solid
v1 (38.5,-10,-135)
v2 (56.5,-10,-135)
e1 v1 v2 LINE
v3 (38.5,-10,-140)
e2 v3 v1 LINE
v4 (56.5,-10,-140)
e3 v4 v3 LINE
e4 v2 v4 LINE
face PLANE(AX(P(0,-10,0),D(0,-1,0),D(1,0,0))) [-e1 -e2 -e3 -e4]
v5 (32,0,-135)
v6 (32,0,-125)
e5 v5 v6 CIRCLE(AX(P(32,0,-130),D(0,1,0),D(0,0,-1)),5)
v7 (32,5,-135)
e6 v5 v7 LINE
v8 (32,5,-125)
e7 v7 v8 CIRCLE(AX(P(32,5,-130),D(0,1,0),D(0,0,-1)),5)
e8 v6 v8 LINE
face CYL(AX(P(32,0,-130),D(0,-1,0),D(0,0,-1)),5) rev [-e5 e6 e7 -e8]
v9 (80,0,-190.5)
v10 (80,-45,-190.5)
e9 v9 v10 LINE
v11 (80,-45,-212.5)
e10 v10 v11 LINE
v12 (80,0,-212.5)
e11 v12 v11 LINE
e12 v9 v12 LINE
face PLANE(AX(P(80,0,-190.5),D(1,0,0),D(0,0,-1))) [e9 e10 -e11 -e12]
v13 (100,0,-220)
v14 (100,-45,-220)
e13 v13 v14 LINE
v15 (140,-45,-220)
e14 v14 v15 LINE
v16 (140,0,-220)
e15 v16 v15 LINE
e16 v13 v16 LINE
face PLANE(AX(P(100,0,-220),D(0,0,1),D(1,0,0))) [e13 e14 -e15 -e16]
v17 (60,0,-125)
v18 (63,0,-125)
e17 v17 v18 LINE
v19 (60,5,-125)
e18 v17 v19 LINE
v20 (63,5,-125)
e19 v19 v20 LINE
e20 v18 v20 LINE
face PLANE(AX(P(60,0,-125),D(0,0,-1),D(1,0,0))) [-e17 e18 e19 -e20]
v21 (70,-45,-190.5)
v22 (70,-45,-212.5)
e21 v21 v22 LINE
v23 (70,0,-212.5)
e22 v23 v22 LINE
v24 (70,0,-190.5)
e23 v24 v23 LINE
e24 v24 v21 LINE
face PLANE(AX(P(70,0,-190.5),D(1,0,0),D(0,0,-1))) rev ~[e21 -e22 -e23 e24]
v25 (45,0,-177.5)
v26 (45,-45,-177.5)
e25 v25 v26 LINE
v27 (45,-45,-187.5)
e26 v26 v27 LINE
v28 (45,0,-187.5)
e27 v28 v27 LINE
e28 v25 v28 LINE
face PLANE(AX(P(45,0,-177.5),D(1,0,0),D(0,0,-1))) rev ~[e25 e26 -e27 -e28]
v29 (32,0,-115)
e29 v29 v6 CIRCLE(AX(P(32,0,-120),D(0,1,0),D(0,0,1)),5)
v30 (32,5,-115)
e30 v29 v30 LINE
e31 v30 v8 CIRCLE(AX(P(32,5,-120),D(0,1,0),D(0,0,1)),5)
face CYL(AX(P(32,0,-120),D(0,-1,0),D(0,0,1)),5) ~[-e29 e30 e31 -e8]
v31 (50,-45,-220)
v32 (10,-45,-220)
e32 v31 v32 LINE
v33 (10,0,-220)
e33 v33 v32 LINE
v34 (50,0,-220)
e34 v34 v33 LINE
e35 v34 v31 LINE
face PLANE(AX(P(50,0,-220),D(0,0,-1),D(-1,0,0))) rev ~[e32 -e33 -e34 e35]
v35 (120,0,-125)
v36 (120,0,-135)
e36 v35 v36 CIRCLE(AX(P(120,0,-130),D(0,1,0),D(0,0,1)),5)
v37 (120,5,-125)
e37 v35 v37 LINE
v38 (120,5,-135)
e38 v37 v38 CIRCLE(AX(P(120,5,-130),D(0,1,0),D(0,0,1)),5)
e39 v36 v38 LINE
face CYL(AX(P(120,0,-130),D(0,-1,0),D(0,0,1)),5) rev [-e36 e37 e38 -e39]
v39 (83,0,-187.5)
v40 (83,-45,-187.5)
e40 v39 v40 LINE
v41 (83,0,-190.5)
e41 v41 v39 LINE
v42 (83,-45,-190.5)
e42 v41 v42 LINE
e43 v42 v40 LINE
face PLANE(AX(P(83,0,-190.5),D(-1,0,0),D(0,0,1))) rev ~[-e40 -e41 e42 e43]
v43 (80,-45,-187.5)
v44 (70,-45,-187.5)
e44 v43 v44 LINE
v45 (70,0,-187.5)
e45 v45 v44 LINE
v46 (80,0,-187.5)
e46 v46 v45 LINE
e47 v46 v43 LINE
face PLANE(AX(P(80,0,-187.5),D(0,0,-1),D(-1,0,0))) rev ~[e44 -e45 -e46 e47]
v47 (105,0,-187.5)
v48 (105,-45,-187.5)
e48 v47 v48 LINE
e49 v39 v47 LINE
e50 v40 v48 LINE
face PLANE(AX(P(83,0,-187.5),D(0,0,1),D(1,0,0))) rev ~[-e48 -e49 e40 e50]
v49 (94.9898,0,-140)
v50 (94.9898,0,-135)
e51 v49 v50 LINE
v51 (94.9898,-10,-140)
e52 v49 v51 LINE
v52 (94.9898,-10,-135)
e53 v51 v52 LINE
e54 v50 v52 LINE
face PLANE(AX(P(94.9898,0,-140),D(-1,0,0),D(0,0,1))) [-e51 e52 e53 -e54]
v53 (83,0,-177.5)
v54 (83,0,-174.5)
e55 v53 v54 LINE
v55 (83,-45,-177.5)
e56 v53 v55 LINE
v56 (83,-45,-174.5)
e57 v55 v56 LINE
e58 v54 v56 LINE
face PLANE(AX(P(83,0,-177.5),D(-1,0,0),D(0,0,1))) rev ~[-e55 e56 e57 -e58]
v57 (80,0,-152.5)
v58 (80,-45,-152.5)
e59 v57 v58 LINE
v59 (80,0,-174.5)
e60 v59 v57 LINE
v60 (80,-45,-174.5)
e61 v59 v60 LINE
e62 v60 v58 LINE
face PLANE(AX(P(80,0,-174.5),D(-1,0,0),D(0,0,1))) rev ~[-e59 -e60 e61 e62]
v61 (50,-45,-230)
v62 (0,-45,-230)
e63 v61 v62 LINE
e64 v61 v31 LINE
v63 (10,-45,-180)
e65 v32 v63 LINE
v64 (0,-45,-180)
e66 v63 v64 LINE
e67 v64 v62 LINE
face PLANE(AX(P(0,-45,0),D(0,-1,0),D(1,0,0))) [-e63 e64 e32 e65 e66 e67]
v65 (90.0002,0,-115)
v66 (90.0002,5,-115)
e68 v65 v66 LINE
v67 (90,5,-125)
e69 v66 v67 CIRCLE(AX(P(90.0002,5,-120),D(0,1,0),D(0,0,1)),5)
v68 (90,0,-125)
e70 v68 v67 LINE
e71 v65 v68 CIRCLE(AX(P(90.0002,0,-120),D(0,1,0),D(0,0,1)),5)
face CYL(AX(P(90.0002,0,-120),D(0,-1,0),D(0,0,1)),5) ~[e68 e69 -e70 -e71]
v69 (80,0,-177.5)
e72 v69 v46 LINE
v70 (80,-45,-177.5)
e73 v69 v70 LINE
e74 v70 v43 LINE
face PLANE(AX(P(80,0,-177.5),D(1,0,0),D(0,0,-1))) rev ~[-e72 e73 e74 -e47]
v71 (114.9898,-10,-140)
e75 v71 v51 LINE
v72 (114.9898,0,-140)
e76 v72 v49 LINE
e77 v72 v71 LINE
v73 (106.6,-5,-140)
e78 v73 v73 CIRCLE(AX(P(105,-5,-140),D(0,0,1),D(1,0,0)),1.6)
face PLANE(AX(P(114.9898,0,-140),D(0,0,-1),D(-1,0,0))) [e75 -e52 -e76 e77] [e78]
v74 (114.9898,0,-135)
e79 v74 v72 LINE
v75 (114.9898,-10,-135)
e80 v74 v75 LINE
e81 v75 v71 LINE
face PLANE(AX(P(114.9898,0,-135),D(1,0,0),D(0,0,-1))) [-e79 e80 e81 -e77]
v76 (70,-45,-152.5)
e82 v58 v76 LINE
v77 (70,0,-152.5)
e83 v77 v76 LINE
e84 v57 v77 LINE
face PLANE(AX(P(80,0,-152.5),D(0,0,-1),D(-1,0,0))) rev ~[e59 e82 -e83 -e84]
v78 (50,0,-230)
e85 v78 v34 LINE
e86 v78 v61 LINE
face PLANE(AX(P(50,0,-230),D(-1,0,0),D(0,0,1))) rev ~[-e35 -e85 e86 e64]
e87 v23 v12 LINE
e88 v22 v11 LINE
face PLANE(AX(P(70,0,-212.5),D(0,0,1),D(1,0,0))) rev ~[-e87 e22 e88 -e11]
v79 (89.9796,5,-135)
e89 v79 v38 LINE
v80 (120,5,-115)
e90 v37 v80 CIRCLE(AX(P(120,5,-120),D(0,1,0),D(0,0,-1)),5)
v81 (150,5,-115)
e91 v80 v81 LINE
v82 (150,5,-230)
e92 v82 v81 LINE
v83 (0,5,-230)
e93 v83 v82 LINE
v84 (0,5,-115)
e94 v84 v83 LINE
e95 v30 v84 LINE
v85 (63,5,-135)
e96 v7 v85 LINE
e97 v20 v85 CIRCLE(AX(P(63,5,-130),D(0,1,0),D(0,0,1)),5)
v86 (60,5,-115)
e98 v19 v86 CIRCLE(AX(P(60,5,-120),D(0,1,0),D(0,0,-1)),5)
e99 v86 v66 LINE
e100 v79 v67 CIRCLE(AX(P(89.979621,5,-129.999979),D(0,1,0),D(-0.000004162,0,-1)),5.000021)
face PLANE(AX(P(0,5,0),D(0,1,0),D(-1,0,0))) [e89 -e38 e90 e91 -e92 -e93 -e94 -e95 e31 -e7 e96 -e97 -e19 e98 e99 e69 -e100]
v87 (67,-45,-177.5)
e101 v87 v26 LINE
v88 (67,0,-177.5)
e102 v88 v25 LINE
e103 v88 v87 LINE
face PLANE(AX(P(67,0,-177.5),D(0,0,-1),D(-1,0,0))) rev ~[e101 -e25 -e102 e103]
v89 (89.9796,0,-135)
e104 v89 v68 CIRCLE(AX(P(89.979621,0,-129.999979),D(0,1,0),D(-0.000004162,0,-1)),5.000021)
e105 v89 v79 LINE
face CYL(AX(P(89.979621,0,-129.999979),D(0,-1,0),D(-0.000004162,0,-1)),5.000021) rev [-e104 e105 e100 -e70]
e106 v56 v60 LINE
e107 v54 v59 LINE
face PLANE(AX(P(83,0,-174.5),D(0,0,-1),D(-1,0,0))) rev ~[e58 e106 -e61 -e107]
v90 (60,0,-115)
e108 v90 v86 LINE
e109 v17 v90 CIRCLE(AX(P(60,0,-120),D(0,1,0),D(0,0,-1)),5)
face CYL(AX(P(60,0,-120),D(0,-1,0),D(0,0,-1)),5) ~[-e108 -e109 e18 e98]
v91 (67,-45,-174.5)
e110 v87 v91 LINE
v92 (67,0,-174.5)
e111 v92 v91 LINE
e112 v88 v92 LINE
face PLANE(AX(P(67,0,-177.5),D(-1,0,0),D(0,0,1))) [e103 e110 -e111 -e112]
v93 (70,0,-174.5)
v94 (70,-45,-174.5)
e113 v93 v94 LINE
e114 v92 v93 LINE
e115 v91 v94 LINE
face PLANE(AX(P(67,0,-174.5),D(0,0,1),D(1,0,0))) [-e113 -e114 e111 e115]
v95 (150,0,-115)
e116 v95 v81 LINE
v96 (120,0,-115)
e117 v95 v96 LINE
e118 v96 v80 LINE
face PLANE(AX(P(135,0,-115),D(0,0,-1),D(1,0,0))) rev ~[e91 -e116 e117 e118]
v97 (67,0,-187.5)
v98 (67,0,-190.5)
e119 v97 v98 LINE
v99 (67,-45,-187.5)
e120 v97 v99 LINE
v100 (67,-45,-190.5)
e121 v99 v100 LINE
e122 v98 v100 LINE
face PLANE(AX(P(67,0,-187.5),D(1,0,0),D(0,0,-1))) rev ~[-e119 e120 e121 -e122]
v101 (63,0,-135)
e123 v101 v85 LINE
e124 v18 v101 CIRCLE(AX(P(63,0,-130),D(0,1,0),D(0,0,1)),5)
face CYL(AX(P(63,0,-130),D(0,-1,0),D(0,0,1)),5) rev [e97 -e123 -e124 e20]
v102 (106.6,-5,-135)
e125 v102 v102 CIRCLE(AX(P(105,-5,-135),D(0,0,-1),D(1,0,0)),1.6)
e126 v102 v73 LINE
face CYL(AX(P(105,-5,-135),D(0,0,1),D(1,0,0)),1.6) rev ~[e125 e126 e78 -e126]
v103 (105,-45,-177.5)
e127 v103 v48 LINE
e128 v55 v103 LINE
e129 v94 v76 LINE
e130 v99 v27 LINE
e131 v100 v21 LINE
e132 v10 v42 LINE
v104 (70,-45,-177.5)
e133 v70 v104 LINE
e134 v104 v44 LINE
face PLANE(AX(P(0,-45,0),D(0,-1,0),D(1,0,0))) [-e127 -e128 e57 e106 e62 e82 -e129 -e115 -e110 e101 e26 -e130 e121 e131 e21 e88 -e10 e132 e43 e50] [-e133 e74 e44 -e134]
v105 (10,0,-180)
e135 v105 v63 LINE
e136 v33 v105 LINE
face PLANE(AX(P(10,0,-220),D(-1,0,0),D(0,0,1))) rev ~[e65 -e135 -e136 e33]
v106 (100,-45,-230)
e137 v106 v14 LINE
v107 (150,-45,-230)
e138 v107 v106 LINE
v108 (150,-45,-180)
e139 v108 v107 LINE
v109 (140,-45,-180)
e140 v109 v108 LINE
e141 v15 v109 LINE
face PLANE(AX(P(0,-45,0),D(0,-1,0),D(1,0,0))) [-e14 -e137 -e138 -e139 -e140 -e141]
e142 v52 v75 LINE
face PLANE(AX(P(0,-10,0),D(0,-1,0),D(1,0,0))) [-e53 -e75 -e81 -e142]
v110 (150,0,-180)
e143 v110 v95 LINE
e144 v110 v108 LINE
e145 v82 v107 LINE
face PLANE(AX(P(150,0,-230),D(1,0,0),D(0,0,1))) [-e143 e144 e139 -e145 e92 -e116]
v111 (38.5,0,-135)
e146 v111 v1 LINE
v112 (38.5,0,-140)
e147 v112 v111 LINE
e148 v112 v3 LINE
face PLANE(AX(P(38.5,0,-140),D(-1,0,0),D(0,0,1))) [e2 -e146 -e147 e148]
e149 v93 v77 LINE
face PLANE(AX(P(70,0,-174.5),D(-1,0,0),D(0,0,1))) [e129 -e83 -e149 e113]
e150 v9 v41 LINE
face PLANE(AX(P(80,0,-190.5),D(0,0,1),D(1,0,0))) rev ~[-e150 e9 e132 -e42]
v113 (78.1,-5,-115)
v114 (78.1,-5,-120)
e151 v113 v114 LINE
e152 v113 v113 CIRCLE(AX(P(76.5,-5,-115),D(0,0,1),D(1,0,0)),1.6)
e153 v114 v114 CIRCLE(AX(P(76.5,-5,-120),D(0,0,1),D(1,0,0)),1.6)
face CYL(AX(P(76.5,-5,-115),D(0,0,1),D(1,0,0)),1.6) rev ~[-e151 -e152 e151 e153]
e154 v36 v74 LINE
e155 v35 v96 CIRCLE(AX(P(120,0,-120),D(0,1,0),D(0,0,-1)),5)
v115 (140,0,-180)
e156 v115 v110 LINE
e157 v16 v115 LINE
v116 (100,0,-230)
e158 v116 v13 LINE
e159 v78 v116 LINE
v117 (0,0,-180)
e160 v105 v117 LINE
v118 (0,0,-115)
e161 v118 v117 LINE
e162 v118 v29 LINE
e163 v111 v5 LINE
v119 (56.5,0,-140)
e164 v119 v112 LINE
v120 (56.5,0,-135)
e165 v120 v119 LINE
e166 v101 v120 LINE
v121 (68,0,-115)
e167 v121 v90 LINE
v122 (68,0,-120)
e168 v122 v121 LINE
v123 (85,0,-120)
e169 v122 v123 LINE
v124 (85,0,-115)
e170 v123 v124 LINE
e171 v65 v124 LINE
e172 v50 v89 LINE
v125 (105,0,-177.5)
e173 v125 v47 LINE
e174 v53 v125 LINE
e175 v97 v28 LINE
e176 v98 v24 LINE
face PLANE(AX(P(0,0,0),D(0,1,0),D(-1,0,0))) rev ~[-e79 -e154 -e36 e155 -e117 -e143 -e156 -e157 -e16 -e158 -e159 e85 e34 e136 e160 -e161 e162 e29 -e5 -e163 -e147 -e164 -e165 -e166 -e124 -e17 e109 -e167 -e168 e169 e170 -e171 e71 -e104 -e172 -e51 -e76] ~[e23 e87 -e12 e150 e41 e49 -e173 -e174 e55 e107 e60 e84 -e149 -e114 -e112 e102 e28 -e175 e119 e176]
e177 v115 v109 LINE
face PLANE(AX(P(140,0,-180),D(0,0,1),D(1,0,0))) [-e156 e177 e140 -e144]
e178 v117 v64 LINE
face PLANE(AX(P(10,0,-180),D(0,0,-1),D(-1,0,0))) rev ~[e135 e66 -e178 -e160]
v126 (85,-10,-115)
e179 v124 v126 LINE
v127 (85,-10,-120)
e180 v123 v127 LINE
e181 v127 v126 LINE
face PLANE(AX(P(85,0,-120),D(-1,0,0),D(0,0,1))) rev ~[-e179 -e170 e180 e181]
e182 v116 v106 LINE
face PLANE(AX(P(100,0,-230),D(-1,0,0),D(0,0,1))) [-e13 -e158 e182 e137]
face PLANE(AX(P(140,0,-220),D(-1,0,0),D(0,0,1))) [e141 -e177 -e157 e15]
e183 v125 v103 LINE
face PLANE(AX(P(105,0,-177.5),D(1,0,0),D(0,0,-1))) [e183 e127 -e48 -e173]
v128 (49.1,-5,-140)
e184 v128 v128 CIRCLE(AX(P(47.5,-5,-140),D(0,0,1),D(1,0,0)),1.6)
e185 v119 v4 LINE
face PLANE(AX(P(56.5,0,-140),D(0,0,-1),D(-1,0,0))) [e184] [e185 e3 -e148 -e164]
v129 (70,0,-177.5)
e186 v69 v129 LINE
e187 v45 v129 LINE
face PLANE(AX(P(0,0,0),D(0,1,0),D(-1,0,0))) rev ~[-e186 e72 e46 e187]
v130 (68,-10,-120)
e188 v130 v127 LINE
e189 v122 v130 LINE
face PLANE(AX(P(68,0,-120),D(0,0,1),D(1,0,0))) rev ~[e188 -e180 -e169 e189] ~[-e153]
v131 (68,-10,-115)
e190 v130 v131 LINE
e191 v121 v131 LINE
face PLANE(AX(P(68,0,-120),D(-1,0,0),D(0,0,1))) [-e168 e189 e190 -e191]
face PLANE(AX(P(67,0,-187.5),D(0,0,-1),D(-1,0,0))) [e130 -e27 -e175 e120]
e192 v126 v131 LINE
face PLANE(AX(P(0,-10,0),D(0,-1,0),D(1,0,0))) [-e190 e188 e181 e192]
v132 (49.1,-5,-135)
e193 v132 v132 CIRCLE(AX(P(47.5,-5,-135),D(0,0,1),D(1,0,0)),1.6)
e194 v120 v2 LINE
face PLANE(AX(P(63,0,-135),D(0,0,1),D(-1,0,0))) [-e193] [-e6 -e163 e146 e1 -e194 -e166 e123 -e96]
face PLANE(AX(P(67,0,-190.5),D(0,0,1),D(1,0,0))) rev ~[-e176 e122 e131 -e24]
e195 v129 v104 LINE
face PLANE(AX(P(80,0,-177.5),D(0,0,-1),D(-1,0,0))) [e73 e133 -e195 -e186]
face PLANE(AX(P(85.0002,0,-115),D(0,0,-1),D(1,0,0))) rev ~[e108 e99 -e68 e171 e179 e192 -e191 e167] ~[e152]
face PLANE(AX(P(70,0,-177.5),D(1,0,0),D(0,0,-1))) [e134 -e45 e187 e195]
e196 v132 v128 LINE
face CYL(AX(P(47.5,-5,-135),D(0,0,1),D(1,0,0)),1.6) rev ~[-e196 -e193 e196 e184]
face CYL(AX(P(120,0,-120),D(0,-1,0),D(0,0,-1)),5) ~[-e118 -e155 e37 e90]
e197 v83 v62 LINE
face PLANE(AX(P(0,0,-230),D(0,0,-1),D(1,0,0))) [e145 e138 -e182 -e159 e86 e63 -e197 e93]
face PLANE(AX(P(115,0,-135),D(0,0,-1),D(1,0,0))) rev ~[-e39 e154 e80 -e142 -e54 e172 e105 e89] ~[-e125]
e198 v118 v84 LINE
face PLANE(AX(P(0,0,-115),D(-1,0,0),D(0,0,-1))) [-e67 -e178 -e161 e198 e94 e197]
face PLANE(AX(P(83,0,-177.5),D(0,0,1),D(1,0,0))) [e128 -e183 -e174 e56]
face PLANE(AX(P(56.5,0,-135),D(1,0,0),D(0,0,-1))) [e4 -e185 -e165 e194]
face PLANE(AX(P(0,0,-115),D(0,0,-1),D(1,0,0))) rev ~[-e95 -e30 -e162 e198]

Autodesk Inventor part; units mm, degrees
ref_plane "YZ Plane" through (0, 0, 0) normal (1, 0, 0) x (0, 1, 0)
ref_plane "XZ Plane" through (0, 0, 0) normal (0, 1, 0) x (-1, 0, 0)
ref_plane "XY Plane" through (0, 0, 0) normal (0, 0, 1) x (1, 0, 0)
sketch "puzzle" plane through (0, 0, 0) normal (0, 1, 0) x (-1, 0, 0)
  line L0 (0, -115) -> (-15, -115)
  line L1 (-135, -115) -> (-125, -115)
  line L2 (-135, -115) -> (-150, -115)
  line L3 (-75, -115) -> (-65, -115)
  line L4 (-75, -115) -> (-85.0002, -115)
  line L5 (-105, -135) -> (-94.9796, -135)
  line L6 (-94.9796, -135) -> (-115, -135)
  line L7 (-65, -115) -> (-60, -115)
  line L8 (-60, -125) -> (-63, -125)
  arc A0 (-60, -125) -> (-60, -115) centre (-60, -120) ccw
  arc A1 (-63, -125) -> (-63, -135) centre (-63, -130) ccw
  line L9 (-85.0002, -115) -> (-90.0002, -115)
  line L10 (-94.9796, -135) -> (-89.9796, -135)
  arc A2 (-90.0002, -115) -> (-90, -125) centre (-90.0002, -120) ccw
  arc A3 (-89.9796, -135) -> (-90, -125) centre (-89.9796, -130) ccw
  line L11 (-115, -135) -> (-120, -135)
  line L12 (-125, -115) -> (-120, -115)
  arc A4 (-120, -125) -> (-120, -115) centre (-120, -120) ccw
  arc A5 (-120, -125) -> (-120, -135) centre (-120, -130) ccw
  line L13 (0, -115) -> (-30, -115)
  line L14 (-63, -135) -> (-32.98, -135)
  line L15 (-32.98, -135) -> (-32, -135)
  line L16 (-30, -115) -> (-32, -115)
  arc A6 (-32, -115) -> (-32, -125) centre (-32, -120) ccw
  arc A7 (-32, -135) -> (-32, -125) centre (-32, -130) ccw
  line L17 (0, -115) -> (0, -230)
  line L18 (0, -230) -> (-150, -230)
  line L19 (-150, -230) -> (-150, -115)
  point P0 (0, 0)
  dimension "d22" = 5
  dimension "d23" = 5
  dimension "d24" = 5
  dimension "d25" = 5
  dimension "d26" = 5
  dimension "d76" = 115
extrude "Extrusión4" add sketch "puzzle" along normal blind 5
sketch "Boceto4" plane through (0, 0, 0) normal (0, -1, 0) x (1, 0, 0)
  line L0 (0, -115) -> (0, -230) projected
  line L1 (32, -115) -> (0, -115) projected
  line L2 (0, -230) -> (10, -230)
  line L3 (150, -230) -> (0, -230) projected
  line L4 (10, -180) -> (0, -180)
  line L5 (0, -230) -> (0, -180)
  line L6 (10, -230) -> (50, -230)
  line L7 (50, -230) -> (50, -220)
  line L8 (50, -220) -> (10, -220)
  line L9 (10, -220) -> (10, -180)
  line L10 (150, -230) -> (100, -230)
  line L11 (100, -230) -> (100, -220)
  line L12 (100, -220) -> (140, -220)
  line L13 (140, -220) -> (140, -180)
  line L14 (140, -180) -> (150, -180)
  line L15 (150, -115) -> (150, -230) projected
  line L16 (150, -230) -> (150, -180)
  line L17 (70, -212.5) -> (80, -212.5)
  line L18 (80, -152.5) -> (70, -152.5)
  line L19 (45, -177.5) -> (45, -187.5)
  line L20 (105, -177.5) -> (105, -187.5)
  line L21 (83, -177.5) -> (83, -174.5)
  line L22 (83, -174.5) -> (80, -174.5)
  line L23 (80, -174.5) -> (80, -152.5)
  line L24 (83, -177.5) -> (105, -177.5)
  line L25 (80, -177.5) -> (80, -187.5)
  line L26 (80, -177.5) -> (70, -177.5)
  line L27 (67, -177.5) -> (67, -174.5)
  line L28 (67, -174.5) -> (70, -174.5)
  line L29 (67, -187.5) -> (67, -190.5)
  line L30 (67, -190.5) -> (70, -190.5)
  line L31 (67, -177.5) -> (45, -177.5)
  line L32 (67, -187.5) -> (45, -187.5)
  line L33 (70, -174.5) -> (70, -152.5)
  line L34 (70, -177.5) -> (70, -182.5)
  line L35 (70, -190.5) -> (70, -212.5)
  line L36 (80, -187.5) -> (70, -187.5)
  line L37 (70, -187.5) -> (70, -182.5)
  line L38 (80, -190.5) -> (83, -190.5)
  line L39 (83, -190.5) -> (83, -187.5)
  line L40 (80, -190.5) -> (80, -212.5)
  line L41 (83, -187.5) -> (105, -187.5)
  point P0 (0, 0)
extrude "Extrusión5" add sketch "Boceto4" along normal blind 45
sketch "Boceto5" plane through (0, 0, 0) normal (0, -1, 0) x (1, 0, 0)
  line L0 (85, -115) -> (68, -115)
  line L1 (68, -120) -> (85, -120)
  line L2 (68, -120) -> (68, -115)
  line L3 (85, -120) -> (85, -115)
  line L4 (32, -135) -> (63, -135) projected
  line L5 (47.5, -135) -> (38.5, -135)
  line L6 (38.5, -135) -> (56.5, -135)
  line L7 (56.5, -135) -> (56.5, -140)
  line L8 (56.5, -140) -> (38.5, -140)
  line L9 (38.5, -140) -> (38.5, -135)
  line L10 (120, -135) -> (89.9796, -135) projected
  line L11 (104.9898, -135) -> (94.9898, -135)
  line L12 (94.9898, -135) -> (104.9898, -135)
  line L13 (104.9898, -135) -> (114.9898, -135)
  line L14 (114.9898, -135) -> (114.9898, -140)
  line L15 (114.9898, -140) -> (94.9898, -140)
  line L16 (94.9898, -140) -> (94.9898, -135)
  point P0 (0, 0)
extrude "Extrusión6" add sketch "Boceto5" along normal blind 10
sketch "Boceto6" plane through (89.9796, 5, -135) normal (0, 0, 1) x (1, 0, 0)
  line L0 (10.0204, -5) -> (50.0204, -5) projected
  line L1 (25, -5) -> (15, -5)
  line L2 (25.0102, -5) -> (25.0102, -15) projected
  line L3 (25.0102, -5) -> (25.0102, -15)
  line L4 (25.0102, -15) -> (5.0102, -15) projected
  line L5 (25.0102, -15) -> (5.0102, -15)
  line L6 (15.0204, -5) -> (15.0204, -50) projected
  circle A0 centre (15.0204, -10) radius 1.6
  line L7 (-33.4796, -15) -> (-51.4796, -15) projected
  line L8 (-33.4796, -15) -> (-51.4796, -15)
  circle A1 centre (-42.4796, -10) radius 1.6
  point P0 (-89.9796, -5)
  dimension "d120" = 10
  dimension "d121" = 3.2
  dimension "d123" = 3.2
extrude "Extrusión7" cut sketch "Boceto6" against normal blind 10 contours A0 L6 | L6 A0 | A1
sketch "Boceto7" plane through (32, 5, -135) normal (0, 0, 1) x (1, 0, 0)
  circle A0 centre (15.5, -10) radius 1.6 projected
  circle A1 centre (15.5, -10) radius 1.6
  point P0 (-32, -5)
extrude "Extrusión8" cut sketch "Boceto7" against normal blind 34
sketch "Boceto8" plane through (68, 0, -115) normal (0, 0, 1) x (1, 0, 0)
  line L0 (22.0002, 0) -> (-8, 0) projected
  line L1 (17, 0) -> (0, 0)
  line L2 (0, 0) -> (0, -10)
  line L3 (0, -10) -> (17, -10)
  line L4 (17, -10) -> (17, 0)
  circle A0 centre (8.5, -5) radius 1.6
  point P0 (-68, 0)
  dimension "d128" = 3.2
extrude "Extrusión9" cut sketch "Boceto8" against normal blind 5 contours A0
properties part number "base auxiliar 2"
